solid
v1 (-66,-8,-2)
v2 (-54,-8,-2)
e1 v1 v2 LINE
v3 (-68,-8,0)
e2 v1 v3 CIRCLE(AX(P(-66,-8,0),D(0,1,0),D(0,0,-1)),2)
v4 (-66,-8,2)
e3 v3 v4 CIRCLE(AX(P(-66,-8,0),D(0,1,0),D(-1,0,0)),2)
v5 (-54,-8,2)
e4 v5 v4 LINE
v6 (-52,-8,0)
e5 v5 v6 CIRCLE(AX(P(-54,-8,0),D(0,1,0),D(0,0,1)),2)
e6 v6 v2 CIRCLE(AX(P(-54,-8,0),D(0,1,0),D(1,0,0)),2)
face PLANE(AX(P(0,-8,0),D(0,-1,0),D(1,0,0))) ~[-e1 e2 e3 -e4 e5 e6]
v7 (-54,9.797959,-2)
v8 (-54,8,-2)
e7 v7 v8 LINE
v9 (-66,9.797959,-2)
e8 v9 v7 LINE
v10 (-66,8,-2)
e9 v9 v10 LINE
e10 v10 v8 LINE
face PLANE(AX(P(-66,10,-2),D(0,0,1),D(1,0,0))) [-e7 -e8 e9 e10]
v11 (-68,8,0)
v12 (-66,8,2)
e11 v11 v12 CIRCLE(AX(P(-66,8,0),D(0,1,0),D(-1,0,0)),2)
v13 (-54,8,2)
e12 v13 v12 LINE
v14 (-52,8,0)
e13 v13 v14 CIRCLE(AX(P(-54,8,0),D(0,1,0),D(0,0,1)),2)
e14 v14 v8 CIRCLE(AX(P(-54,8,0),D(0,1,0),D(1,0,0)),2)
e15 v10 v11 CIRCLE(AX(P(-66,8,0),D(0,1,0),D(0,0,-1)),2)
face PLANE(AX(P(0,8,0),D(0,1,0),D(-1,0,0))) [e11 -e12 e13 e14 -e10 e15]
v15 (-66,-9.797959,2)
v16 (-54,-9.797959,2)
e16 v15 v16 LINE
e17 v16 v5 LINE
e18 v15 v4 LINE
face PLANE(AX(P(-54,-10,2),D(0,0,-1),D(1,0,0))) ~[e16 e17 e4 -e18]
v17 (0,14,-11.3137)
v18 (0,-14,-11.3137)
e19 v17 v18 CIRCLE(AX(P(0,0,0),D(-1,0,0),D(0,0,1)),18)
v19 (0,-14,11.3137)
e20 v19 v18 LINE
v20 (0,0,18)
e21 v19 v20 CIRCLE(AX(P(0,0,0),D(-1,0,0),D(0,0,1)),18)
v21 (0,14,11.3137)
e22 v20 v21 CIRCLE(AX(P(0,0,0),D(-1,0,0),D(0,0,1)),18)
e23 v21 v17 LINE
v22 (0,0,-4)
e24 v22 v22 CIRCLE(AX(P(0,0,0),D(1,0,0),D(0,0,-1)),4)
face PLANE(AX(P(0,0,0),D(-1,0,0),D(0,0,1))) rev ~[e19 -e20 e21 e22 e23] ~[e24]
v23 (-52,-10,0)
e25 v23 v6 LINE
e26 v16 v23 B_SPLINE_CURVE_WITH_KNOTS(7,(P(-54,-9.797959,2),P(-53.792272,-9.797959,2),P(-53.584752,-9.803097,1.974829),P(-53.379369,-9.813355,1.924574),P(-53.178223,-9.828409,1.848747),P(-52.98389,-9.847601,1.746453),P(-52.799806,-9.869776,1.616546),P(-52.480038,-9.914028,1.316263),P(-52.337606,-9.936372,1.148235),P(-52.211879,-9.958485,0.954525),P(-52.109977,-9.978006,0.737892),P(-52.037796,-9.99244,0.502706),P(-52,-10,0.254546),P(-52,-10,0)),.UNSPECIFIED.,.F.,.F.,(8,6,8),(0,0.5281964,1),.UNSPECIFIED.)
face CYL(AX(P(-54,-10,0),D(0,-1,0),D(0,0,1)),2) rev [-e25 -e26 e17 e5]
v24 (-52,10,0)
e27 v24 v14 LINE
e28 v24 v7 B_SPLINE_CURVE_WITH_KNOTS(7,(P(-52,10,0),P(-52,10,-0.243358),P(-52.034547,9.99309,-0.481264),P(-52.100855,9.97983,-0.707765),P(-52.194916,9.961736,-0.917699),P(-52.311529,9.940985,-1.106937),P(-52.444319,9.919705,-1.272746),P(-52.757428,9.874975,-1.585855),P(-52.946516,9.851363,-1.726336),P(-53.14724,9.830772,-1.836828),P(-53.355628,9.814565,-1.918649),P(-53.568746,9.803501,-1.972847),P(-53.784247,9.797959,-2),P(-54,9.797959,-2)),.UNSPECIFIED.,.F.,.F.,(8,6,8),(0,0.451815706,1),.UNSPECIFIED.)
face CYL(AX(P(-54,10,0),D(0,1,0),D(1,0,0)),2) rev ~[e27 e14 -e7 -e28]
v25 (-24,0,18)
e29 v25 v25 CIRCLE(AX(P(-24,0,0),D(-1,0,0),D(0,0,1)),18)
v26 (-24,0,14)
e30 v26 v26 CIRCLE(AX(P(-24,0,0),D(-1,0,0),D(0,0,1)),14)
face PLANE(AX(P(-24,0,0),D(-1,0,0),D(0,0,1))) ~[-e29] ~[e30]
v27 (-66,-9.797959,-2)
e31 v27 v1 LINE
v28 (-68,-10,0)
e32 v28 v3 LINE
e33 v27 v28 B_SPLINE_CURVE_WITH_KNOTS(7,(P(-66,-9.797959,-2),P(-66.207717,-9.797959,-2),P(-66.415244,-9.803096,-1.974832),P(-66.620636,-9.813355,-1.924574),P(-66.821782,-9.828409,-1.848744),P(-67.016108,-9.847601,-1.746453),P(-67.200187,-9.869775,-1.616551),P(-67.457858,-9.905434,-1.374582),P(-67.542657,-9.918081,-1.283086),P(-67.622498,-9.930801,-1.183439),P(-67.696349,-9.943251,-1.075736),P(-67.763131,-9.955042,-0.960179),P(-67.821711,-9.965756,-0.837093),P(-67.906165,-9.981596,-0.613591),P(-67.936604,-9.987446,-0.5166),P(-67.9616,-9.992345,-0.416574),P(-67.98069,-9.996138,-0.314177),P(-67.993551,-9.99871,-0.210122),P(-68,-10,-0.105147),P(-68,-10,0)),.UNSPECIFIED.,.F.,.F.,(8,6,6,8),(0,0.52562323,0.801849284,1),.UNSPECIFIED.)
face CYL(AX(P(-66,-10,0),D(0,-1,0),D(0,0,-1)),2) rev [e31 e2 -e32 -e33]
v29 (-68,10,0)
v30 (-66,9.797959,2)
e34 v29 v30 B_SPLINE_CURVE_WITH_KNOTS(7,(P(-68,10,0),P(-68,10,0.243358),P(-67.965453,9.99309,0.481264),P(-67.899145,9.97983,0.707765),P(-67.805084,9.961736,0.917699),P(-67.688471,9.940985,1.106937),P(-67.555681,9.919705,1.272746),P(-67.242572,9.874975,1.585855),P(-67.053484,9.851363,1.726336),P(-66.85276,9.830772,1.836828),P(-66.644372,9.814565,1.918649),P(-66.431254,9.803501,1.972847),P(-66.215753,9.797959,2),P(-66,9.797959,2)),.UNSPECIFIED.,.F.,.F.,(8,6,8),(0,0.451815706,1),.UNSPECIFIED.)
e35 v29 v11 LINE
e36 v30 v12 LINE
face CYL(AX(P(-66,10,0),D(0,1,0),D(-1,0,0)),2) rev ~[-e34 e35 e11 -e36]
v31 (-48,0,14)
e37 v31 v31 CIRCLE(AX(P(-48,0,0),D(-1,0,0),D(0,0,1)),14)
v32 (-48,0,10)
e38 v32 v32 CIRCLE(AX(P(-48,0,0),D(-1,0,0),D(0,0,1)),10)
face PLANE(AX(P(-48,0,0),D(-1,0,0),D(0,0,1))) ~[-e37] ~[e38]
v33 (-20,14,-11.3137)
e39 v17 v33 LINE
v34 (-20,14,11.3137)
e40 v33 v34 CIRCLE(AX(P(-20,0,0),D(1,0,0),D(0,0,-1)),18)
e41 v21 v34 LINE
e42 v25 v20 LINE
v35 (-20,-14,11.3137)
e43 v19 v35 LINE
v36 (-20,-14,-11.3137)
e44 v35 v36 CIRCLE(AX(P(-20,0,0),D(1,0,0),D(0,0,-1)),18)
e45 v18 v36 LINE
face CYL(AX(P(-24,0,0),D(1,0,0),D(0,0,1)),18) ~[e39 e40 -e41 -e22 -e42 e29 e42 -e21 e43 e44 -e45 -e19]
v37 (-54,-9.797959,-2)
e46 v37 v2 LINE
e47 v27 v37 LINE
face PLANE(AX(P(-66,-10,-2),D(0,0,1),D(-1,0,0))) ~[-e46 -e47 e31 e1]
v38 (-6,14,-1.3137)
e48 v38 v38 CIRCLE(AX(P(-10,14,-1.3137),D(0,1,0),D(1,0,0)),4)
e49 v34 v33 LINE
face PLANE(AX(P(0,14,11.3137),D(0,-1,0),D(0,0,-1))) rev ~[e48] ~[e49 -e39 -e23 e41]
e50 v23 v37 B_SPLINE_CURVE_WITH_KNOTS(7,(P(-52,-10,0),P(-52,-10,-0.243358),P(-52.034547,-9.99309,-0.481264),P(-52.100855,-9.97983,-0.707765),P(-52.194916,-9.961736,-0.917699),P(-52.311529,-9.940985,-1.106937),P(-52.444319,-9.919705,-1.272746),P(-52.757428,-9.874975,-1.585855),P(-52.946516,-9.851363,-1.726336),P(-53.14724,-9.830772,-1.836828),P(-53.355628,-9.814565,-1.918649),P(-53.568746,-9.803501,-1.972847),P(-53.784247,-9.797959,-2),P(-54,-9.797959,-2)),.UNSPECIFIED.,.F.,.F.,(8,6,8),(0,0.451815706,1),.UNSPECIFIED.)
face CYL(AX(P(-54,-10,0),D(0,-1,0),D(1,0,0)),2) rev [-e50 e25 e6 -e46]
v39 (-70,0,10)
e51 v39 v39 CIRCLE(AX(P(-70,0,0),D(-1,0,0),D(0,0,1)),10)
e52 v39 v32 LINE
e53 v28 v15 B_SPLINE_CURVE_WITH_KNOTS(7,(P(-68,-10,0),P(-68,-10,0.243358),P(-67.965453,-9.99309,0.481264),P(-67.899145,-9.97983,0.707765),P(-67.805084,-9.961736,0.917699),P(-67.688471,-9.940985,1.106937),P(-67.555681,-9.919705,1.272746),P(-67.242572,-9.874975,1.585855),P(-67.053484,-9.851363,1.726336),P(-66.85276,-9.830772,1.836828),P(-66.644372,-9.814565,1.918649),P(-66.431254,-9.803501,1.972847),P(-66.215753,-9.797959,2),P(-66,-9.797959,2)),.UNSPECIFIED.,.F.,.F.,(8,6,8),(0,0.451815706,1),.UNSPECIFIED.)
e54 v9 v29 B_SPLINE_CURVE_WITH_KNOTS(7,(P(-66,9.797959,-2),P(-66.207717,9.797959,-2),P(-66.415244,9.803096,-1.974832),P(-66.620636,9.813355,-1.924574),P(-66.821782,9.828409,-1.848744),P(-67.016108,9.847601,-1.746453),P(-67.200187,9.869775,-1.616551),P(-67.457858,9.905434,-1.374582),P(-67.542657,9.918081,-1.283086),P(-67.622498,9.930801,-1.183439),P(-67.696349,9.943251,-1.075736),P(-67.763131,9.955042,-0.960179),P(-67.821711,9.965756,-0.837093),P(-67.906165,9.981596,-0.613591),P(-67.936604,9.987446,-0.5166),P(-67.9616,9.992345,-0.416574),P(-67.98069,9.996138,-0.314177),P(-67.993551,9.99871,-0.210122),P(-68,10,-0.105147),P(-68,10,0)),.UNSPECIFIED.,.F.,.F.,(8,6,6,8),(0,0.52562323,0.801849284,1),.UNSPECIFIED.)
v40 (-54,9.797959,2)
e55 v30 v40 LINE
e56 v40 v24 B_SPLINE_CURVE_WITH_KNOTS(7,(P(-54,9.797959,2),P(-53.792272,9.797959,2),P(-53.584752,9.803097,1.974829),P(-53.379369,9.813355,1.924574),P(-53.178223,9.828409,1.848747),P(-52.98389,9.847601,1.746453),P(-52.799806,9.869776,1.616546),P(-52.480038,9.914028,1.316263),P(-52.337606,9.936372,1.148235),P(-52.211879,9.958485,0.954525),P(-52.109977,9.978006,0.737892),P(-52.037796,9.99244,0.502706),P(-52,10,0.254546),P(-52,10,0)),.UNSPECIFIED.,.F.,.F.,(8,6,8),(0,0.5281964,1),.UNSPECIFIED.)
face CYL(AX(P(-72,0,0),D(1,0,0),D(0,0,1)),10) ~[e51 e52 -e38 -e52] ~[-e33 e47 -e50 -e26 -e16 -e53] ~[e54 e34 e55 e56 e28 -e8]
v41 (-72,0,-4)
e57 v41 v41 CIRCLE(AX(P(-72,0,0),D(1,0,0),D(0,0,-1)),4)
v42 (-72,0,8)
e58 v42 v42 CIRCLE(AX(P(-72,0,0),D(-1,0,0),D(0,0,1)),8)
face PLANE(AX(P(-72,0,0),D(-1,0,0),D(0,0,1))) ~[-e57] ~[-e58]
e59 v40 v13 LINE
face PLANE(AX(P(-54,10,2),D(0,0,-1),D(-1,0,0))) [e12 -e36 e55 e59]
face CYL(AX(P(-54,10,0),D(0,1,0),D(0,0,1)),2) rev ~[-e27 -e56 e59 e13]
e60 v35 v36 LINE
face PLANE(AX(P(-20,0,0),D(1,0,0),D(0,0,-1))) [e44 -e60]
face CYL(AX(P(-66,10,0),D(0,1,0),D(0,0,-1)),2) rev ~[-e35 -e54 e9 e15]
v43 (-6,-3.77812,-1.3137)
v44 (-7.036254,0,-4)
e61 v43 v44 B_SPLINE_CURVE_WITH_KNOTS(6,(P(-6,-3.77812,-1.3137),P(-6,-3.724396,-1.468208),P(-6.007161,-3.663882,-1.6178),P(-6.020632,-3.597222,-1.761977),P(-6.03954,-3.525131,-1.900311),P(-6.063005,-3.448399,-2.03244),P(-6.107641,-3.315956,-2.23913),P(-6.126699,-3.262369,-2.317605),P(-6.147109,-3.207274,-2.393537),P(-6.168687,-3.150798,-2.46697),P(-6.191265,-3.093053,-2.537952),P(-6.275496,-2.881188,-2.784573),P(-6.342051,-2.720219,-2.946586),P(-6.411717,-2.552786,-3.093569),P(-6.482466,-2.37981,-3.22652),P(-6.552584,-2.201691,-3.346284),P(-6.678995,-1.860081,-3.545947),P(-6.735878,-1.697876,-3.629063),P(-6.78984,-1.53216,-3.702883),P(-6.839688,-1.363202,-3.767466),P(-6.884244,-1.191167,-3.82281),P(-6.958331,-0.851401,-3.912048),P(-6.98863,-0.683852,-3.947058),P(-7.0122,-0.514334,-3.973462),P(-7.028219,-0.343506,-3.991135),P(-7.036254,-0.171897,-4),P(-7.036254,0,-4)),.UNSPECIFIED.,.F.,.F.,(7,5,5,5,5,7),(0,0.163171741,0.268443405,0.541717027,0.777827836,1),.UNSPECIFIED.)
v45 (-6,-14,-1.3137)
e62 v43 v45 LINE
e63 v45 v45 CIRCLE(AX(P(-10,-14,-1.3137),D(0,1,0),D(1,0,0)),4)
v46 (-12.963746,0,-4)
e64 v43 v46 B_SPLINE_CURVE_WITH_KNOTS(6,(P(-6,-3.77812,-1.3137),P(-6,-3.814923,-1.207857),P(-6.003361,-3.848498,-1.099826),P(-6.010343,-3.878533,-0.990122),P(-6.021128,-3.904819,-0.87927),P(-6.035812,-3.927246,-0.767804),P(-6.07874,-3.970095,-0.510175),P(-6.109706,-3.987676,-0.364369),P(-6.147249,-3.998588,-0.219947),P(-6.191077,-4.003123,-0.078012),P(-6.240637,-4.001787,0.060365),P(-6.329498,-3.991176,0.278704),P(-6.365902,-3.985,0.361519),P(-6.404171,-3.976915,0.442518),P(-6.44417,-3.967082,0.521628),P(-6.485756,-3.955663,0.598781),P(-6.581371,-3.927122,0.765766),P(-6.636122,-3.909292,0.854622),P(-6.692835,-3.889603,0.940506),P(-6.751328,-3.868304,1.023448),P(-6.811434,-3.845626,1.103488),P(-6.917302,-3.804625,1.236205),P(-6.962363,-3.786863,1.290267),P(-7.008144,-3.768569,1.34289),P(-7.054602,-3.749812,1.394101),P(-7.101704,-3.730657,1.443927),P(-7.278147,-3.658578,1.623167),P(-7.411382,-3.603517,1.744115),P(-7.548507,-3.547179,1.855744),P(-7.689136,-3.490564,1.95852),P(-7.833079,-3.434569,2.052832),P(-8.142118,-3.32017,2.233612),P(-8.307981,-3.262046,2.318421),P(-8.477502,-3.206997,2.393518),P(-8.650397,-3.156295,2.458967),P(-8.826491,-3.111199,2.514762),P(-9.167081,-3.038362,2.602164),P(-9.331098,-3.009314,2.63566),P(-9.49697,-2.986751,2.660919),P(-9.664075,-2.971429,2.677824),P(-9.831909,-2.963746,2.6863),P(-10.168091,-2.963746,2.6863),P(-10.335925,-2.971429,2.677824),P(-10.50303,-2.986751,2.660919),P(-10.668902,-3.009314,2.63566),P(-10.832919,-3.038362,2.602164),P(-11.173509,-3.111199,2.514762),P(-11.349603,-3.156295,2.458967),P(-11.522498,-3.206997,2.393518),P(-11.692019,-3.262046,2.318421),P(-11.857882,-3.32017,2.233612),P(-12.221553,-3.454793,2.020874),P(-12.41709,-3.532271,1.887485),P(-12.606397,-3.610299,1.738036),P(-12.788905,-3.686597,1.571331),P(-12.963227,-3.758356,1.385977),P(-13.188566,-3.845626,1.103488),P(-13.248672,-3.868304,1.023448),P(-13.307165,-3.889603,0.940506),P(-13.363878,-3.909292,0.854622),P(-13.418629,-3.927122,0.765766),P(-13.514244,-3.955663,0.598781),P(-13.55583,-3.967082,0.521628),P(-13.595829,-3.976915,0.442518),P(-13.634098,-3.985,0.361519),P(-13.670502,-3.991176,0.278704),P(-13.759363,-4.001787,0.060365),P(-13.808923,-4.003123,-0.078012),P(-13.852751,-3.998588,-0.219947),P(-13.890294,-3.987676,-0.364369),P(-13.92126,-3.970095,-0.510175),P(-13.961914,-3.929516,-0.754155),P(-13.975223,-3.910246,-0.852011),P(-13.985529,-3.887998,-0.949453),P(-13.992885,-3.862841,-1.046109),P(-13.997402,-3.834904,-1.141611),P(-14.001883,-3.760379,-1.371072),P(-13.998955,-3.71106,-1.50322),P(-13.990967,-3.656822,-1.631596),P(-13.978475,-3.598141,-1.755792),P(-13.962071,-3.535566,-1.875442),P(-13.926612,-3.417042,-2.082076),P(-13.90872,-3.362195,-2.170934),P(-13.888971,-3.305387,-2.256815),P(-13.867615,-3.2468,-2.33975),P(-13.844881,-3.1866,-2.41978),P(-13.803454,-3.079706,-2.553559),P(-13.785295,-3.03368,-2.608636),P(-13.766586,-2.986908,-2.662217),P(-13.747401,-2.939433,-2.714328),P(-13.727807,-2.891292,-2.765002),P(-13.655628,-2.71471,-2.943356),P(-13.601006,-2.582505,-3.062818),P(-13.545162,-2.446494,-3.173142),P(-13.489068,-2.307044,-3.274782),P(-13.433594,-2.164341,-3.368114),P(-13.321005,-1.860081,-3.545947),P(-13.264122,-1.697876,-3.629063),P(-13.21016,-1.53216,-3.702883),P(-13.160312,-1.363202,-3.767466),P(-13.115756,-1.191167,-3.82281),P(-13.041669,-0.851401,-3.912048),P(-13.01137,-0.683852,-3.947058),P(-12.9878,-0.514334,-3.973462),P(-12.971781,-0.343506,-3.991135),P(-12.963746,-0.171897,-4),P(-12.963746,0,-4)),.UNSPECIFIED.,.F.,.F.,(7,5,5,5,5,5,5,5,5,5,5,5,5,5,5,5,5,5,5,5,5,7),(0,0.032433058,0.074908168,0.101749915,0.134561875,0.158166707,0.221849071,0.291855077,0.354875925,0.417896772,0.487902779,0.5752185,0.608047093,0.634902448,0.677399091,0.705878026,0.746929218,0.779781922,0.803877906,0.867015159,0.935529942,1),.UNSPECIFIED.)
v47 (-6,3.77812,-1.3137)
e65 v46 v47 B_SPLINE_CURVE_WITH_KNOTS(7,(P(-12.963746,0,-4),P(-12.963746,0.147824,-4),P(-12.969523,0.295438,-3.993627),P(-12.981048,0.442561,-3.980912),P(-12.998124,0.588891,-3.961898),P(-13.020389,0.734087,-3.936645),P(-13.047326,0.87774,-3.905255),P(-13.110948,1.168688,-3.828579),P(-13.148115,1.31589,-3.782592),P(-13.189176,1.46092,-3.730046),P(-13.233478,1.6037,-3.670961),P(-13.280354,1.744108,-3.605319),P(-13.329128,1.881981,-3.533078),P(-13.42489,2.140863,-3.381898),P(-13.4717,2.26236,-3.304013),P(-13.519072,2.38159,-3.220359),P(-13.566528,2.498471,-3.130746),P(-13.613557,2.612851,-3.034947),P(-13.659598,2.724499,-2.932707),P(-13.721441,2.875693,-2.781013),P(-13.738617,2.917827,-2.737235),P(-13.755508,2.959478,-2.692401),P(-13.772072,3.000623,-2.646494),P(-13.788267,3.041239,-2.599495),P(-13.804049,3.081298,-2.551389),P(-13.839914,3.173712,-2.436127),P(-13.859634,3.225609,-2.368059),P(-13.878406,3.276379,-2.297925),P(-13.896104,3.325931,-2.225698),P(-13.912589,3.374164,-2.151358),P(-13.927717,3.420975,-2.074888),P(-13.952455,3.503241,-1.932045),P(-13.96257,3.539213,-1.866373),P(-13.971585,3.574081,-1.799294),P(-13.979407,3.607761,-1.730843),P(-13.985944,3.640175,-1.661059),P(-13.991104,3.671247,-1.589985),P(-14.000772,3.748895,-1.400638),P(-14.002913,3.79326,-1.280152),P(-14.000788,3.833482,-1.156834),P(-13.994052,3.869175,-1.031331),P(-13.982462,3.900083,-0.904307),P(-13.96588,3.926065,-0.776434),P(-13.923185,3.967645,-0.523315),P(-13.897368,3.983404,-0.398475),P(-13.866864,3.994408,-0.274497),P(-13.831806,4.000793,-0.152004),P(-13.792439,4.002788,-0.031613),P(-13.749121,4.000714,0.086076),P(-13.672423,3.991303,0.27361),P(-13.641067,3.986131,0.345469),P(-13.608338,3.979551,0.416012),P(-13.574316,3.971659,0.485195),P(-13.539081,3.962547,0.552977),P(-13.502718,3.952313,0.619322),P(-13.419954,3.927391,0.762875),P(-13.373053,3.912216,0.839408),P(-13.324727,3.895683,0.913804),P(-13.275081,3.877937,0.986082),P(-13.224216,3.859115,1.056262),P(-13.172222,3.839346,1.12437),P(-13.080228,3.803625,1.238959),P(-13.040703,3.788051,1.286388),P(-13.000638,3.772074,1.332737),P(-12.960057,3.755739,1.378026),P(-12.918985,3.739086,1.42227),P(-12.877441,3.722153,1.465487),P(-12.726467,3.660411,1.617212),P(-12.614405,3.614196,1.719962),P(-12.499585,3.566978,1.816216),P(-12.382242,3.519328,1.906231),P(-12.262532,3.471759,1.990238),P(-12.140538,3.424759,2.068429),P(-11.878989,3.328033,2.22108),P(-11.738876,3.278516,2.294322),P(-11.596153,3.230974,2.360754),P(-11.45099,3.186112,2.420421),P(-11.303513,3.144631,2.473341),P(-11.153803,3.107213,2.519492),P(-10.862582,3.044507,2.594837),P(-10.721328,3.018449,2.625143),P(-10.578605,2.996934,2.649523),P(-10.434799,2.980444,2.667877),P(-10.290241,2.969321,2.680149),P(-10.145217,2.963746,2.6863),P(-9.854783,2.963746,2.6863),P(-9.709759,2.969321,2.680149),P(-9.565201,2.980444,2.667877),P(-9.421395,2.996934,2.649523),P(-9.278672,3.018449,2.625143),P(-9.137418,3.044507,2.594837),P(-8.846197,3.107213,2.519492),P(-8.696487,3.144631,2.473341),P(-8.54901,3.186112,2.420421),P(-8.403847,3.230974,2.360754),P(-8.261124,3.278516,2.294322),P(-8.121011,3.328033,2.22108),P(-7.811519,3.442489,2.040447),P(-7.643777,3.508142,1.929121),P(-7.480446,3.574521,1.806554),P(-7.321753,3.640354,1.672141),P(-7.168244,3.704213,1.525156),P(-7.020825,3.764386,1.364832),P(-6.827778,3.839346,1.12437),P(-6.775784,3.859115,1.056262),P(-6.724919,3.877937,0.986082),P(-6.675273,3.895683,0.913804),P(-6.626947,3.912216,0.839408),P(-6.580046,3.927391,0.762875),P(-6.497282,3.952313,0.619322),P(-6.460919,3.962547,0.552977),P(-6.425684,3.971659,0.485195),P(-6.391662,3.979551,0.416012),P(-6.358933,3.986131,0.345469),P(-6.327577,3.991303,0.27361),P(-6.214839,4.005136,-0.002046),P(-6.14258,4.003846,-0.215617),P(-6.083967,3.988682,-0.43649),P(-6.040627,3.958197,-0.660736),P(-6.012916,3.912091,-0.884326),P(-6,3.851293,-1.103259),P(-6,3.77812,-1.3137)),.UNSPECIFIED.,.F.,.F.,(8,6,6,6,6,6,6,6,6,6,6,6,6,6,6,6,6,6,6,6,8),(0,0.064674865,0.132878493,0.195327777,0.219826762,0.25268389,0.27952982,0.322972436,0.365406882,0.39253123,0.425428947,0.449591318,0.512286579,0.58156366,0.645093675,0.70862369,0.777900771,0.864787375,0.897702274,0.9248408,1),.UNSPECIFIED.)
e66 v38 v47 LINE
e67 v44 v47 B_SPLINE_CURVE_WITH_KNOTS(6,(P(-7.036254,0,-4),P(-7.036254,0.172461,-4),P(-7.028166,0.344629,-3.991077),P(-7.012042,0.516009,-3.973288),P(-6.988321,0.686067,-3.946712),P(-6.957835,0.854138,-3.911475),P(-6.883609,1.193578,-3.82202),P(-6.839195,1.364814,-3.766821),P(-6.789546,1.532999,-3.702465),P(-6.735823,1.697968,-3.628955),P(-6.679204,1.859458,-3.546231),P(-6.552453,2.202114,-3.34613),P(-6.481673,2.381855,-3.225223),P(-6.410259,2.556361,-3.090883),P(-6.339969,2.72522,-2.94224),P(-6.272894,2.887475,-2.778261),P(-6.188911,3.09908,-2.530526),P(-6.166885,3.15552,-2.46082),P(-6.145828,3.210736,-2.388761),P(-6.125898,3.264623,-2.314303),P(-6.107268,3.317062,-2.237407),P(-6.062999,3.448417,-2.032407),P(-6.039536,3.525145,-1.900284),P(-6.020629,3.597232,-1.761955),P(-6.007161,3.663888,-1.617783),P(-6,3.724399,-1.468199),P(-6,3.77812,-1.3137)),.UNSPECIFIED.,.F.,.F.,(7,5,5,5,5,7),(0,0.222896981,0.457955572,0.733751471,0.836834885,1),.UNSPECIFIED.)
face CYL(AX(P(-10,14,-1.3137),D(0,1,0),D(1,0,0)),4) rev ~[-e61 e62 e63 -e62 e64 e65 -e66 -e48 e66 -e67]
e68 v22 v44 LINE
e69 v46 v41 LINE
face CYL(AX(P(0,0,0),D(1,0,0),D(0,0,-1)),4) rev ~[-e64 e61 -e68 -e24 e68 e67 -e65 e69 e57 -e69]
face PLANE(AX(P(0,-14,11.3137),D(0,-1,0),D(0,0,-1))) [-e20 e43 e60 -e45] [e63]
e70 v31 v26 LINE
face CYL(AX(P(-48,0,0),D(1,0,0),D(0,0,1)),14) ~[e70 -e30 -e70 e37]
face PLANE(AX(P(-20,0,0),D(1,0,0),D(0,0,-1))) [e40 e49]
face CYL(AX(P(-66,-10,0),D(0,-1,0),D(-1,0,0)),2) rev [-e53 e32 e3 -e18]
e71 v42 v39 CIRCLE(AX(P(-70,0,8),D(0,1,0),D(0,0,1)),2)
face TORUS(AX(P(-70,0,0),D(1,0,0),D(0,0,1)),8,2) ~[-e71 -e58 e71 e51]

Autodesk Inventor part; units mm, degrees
ref_plane "YZ Plane" through (0, 0, 0) normal (1, 0, 0) x (0, 1, 0)
ref_plane "XY Plane" through (0, 0, 0) normal (0, 0, 1) x (1, 0, 0)
sketch "Boceto1" plane through (0, 0, 0) normal (0, 1, 0) x (-1, 0, 0)
  line L0 (0, 0) -> (72, 0)
  line L1 (72, 0) -> (72, 10)
  line L2 (72, 10) -> (48, 10)
  line L3 (48, 10) -> (48, 14)
  line L4 (48, 14) -> (24, 14)
  line L5 (24, 14) -> (24, 18)
  line L6 (24, 18) -> (0, 18)
  line L7 (0, 18) -> (0, 0)
  dimension "d15" = 72
  dimension "d16" = 10
  dimension "d17" = 24
  dimension "d18" = 4
  dimension "d19" = 24
  dimension "d20" = 4
revolve "Revolución2" add sketch "Boceto1" angle 360 about axis through (0, 0, 0) along (-1, 0, 0)
sketch "Boceto2" plane through (0, 0, 0) normal (1, 0, 0) x (0, 0, -1)
  line L0 (-11.3137, 14) -> (11.3137, 14)
  circle A0 centre (0, 0) radius 18 projected
  line L1 (-11.3137, -14) -> (11.3137, -14)
  dimension "d22" = 14
  dimension "d25" = 14
extrude "Extrusión1" cut sketch "Boceto2" against normal blind 20 contours A0 L0 | L1 A0
sketch "Boceto3" plane through (0, 14, 11.3137) normal (0, 1, 0) x (1, 0, 0)
  circle A0 centre (-10, 12.6274) radius 4
  line L0 (-20, 22.6274) -> (0, 22.6274) projected
  line L1 (0, 22.6274) -> (0, 0) projected
  point P0 (0, 11.3137)
  dimension "d26" = 8
  dimension "d28" = 10
  dimension "d29" = 10
extrude "Extrusión2" cut sketch "Boceto3" against normal through all
sketch "Boceto4" plane through (0, 0, 0) normal (1, 0, 0) x (0, 0, -1)
  circle A0 centre (0, 0) radius 4
  dimension "d32" = 8
extrude "Extrusión3" cut sketch "Boceto4" against normal through all
fillet "Empalme1" radius 2 1 edges at (-72, 0, -10)
ref_plane "Plano de trabajo1" through (0, 10, 0) normal (0, 1, 0) x (-1, 0, 0)
sketch "Boceto5" plane through (0, 10, 0) normal (0, 1, 0) x (-1, 0, 0)
  line L0 (54, 2) -> (66, 2)
  line L1 (68, 0) -> (68, 0)
  line L2 (66, -2) -> (54, -2)
  line L3 (52, 0) -> (52, 0)
  line L4 (52, 2) -> (68, -2) construction
  line L5 (68, 2) -> (52, -2) construction
  arc A0 (68, 0) -> (66, 2) centre (66, 0) ccw
  arc A1 (66, -2) -> (68, 0) centre (66, 0) ccw
  arc A2 (54, 2) -> (52, 0) centre (54, 0) ccw
  arc A3 (52, 0) -> (54, -2) centre (54, 0) ccw
  line L6 (48, -14) -> (48, 14) projected
  point P0 (0, 0)
  point P1 (60, 0)
  point P2 (52, 0)
  point P3 (68, 0)
  dimension "d37" = 16
  dimension "d38" = 4
  dimension "d39" = 2
  dimension "d40" = 12
extrude "Extrusión4" cut sketch "Boceto5" against normal blind 2
mirror "Simetría1" about plane through (0, 0, 0) normal (0, 1, 0) of "Extrusión4"
properties part number "Pieza de practica 11"
